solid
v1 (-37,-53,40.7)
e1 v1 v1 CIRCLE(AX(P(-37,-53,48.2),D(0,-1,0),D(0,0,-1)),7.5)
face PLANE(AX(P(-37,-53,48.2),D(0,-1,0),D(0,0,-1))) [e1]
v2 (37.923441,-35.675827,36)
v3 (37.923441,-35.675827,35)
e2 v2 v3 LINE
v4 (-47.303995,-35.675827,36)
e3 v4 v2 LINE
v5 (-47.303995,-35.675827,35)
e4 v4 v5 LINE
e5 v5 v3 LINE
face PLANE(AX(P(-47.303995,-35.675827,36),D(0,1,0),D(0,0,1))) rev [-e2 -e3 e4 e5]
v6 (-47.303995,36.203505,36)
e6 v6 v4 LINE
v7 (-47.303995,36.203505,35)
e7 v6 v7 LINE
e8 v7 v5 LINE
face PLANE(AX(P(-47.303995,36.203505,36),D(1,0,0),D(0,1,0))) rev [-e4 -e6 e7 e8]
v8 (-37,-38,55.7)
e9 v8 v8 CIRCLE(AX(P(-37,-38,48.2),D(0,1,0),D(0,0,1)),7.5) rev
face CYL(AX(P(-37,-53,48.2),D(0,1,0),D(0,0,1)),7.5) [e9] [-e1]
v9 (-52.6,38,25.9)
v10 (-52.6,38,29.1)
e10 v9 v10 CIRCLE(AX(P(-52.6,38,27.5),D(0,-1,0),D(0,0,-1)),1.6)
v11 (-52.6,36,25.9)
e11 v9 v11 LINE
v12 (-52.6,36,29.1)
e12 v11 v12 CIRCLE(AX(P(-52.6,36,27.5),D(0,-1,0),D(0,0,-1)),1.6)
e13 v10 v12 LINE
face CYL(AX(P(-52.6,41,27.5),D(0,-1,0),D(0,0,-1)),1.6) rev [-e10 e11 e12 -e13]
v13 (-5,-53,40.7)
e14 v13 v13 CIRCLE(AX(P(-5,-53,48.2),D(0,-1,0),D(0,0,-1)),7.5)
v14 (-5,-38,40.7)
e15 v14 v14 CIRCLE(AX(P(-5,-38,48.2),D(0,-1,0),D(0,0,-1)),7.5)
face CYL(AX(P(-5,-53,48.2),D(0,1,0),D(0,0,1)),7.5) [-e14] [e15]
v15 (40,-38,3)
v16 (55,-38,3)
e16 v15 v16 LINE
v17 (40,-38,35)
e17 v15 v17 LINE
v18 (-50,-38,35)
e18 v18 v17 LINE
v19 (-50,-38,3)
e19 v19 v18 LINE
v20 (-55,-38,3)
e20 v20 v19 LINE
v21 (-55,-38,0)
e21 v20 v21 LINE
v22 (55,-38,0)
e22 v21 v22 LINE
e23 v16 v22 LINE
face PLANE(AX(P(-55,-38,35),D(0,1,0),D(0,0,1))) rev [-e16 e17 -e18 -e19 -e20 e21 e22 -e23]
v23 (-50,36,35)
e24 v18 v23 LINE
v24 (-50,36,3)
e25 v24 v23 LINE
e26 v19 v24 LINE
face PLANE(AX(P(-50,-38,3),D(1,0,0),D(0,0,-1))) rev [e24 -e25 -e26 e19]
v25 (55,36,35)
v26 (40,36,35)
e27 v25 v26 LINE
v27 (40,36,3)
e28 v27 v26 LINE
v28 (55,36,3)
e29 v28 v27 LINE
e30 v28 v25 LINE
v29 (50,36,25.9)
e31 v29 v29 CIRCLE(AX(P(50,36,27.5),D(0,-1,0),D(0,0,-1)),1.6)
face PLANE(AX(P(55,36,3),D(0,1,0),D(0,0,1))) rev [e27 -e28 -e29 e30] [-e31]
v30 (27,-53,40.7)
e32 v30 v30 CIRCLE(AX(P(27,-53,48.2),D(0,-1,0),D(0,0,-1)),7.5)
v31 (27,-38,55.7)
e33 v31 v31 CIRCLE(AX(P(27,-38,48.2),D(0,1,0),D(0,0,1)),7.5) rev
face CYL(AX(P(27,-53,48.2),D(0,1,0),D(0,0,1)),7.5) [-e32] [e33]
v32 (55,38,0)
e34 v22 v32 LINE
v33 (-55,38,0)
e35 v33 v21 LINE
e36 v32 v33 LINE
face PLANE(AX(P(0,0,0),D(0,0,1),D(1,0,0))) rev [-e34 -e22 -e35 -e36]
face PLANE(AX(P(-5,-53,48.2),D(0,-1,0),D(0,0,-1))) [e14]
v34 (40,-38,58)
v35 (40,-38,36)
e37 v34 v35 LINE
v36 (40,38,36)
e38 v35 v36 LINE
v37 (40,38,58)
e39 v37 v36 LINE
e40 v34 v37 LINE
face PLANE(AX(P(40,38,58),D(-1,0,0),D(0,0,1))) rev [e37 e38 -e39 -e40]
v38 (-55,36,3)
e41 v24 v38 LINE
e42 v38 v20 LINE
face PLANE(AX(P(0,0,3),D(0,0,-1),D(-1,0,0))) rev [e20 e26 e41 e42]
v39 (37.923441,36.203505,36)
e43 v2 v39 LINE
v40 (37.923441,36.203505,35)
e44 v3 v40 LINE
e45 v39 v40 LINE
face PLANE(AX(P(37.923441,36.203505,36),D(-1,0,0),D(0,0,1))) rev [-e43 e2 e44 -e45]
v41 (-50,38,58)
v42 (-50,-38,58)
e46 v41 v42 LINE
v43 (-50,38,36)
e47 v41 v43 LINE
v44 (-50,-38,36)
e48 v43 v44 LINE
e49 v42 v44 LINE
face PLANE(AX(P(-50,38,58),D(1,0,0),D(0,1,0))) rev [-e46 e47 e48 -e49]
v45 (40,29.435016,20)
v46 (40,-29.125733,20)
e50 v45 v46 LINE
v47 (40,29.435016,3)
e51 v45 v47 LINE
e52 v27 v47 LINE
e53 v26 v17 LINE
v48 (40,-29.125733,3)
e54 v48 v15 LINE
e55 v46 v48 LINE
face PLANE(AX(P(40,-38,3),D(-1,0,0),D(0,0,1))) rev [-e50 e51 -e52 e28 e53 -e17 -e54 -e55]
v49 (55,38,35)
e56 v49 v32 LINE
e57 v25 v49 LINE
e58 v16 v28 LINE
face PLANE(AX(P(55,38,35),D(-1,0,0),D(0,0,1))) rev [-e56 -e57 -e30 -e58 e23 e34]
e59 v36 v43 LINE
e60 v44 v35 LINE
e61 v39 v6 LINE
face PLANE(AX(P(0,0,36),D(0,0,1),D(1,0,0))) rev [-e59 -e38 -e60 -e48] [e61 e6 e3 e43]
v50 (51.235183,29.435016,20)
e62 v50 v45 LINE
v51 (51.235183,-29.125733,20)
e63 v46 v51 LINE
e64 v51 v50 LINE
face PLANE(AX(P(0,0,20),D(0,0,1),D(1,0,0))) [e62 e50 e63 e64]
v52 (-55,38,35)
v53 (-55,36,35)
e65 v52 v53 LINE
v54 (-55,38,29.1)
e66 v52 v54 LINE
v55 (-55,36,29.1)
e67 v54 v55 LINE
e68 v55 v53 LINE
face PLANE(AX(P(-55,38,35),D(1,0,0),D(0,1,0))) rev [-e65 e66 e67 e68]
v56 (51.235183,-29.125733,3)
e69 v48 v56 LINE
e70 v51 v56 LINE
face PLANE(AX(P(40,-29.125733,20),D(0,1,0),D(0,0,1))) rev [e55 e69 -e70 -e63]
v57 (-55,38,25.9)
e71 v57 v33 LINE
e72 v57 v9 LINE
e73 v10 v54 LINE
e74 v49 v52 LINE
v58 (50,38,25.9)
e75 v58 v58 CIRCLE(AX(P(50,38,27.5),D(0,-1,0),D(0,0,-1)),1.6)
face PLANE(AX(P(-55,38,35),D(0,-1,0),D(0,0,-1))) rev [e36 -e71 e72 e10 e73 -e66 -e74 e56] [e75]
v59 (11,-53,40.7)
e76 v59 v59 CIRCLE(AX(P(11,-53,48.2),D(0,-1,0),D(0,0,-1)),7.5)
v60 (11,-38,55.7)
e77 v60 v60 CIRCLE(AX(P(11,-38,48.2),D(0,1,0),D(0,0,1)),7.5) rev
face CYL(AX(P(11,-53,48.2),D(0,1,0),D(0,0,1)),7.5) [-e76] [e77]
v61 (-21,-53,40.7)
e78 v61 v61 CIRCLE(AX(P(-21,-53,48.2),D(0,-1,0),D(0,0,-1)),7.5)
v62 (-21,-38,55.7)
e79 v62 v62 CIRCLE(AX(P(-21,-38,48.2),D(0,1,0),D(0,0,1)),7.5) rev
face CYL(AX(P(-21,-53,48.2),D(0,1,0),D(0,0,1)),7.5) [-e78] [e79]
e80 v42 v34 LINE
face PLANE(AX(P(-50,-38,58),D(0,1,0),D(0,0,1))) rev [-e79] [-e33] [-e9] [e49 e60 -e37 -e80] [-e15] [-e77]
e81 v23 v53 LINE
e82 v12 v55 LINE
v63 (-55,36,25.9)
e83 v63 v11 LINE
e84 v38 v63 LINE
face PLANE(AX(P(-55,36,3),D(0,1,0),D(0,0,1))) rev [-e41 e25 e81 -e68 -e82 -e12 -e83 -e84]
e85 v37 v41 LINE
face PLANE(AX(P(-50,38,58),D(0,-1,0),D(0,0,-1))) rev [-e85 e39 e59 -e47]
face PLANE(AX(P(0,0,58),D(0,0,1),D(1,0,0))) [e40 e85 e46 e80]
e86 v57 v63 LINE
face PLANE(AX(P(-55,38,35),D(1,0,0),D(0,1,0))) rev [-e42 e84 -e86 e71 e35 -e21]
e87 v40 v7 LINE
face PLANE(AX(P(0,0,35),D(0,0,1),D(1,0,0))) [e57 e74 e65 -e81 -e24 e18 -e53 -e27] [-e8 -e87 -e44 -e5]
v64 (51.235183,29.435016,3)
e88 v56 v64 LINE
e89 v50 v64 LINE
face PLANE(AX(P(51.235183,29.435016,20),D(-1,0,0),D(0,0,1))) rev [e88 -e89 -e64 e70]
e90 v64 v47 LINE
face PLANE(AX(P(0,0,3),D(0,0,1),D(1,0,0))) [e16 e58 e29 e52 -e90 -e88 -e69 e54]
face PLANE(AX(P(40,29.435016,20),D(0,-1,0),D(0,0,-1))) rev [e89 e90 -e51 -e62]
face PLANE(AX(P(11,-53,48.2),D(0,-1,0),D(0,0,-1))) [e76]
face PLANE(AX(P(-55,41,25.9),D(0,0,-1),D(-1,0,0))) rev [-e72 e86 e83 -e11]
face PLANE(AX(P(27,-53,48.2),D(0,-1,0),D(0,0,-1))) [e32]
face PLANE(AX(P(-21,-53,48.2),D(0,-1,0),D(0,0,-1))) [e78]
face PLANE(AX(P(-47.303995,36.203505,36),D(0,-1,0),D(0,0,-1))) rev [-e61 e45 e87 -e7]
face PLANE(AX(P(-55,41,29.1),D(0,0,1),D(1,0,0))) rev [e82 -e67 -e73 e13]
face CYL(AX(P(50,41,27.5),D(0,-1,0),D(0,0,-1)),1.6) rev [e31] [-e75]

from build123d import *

# Parameters (mm, degrees)
SKETCH1_W           = 110
SKETCH1_H           = 76
BOSS_EXTRUDE1_DEPTH = 35
SKETCH2_W           = 15
SKETCH2_H           = 74
SKETCH2_W_2         = 5
CUT_EXTRUDE1_DEPTH  = 32
SKETCH3_W           = 11.235183257
SKETCH3_H           = 58.560748925
BOSS_EXTRUDE2_DEPTH = 17
SKETCH4_W           = 85.227436201
SKETCH4_H           = 71.879332631
BOSS_EXTRUDE3_DEPTH = 1
SKETCH5_W           = 90
SKETCH5_H           = 76
BOSS_EXTRUDE4_DEPTH = 22
SKETCH6_R           = 7.5
BOSS_EXTRUDE5_DEPTH = 15
SKETCH7_R           = 1.6
CUT_EXTRUDE2_DEPTH  = 5


with BuildPart() as part:
    # Sketch1 → Boss-Extrude1 (new body)
    with BuildSketch(Plane.XY):
        Rectangle(SKETCH1_W, SKETCH1_H)
    extrude(amount=BOSS_EXTRUDE1_DEPTH)

    # Sketch2 → Cut-Extrude1 (cut)
    with BuildSketch(Plane.XY.offset(35)):
        with Locations((47.5, -1)):
            Rectangle(SKETCH2_W, SKETCH2_H)
        with Locations((-52.5, -1)):
            Rectangle(SKETCH2_W_2, SKETCH2_H)
    extrude(amount=-CUT_EXTRUDE1_DEPTH, mode=Mode.SUBTRACT)

    # Sketch3 → Boss-Extrude2 (add)
    with BuildSketch(Plane.XY.offset(3)):
        with Locations((45.617591629, 0.154641352)):
            Rectangle(SKETCH3_W, SKETCH3_H)
    extrude(amount=BOSS_EXTRUDE2_DEPTH)

    # Sketch4 → Boss-Extrude3 (add)
    with BuildSketch(Plane.XY.offset(35)):
        with Locations((-4.69027722, 0.263838975)):
            Rectangle(SKETCH4_W, SKETCH4_H)
    extrude(amount=BOSS_EXTRUDE3_DEPTH)

    # Sketch5 → Boss-Extrude4 (add)
    with BuildSketch(Plane.XY.offset(36)):
        with Locations((-5, 0)):
            Rectangle(SKETCH5_W, SKETCH5_H)
    extrude(amount=BOSS_EXTRUDE4_DEPTH)

    # Sketch6 → Boss-Extrude5 (add)
    with BuildSketch(Plane.XZ.offset(38)):
        with Locations((-5, 48.2)):
            Circle(SKETCH6_R)
        with Locations((11, 48.2)):
            Circle(SKETCH6_R)
        with Locations((27, 48.2)):
            Circle(SKETCH6_R)
        with Locations((-21, 48.2)):
            Circle(SKETCH6_R)
        with Locations((-37, 48.2)):
            Circle(SKETCH6_R)
    extrude(amount=BOSS_EXTRUDE5_DEPTH)

    # Sketch7 → Cut-Extrude2 (cut)
    with BuildSketch(Plane.XZ.offset(-36)):
        with Locations((50, 27.5)):
            Circle(SKETCH7_R)
        with BuildLine():
            Line((-55, 29.1), (-52.6, 29.1))
            ThreePointArc((-52.6, 29.1), (-51, 27.5), (-52.6, 25.9))
            Line((-52.6, 25.9), (-55, 25.9))
            Line((-55, 25.9), (-55, 29.1))
        make_face()
    extrude(amount=-CUT_EXTRUDE2_DEPTH, mode=Mode.SUBTRACT)


solid = part.part
